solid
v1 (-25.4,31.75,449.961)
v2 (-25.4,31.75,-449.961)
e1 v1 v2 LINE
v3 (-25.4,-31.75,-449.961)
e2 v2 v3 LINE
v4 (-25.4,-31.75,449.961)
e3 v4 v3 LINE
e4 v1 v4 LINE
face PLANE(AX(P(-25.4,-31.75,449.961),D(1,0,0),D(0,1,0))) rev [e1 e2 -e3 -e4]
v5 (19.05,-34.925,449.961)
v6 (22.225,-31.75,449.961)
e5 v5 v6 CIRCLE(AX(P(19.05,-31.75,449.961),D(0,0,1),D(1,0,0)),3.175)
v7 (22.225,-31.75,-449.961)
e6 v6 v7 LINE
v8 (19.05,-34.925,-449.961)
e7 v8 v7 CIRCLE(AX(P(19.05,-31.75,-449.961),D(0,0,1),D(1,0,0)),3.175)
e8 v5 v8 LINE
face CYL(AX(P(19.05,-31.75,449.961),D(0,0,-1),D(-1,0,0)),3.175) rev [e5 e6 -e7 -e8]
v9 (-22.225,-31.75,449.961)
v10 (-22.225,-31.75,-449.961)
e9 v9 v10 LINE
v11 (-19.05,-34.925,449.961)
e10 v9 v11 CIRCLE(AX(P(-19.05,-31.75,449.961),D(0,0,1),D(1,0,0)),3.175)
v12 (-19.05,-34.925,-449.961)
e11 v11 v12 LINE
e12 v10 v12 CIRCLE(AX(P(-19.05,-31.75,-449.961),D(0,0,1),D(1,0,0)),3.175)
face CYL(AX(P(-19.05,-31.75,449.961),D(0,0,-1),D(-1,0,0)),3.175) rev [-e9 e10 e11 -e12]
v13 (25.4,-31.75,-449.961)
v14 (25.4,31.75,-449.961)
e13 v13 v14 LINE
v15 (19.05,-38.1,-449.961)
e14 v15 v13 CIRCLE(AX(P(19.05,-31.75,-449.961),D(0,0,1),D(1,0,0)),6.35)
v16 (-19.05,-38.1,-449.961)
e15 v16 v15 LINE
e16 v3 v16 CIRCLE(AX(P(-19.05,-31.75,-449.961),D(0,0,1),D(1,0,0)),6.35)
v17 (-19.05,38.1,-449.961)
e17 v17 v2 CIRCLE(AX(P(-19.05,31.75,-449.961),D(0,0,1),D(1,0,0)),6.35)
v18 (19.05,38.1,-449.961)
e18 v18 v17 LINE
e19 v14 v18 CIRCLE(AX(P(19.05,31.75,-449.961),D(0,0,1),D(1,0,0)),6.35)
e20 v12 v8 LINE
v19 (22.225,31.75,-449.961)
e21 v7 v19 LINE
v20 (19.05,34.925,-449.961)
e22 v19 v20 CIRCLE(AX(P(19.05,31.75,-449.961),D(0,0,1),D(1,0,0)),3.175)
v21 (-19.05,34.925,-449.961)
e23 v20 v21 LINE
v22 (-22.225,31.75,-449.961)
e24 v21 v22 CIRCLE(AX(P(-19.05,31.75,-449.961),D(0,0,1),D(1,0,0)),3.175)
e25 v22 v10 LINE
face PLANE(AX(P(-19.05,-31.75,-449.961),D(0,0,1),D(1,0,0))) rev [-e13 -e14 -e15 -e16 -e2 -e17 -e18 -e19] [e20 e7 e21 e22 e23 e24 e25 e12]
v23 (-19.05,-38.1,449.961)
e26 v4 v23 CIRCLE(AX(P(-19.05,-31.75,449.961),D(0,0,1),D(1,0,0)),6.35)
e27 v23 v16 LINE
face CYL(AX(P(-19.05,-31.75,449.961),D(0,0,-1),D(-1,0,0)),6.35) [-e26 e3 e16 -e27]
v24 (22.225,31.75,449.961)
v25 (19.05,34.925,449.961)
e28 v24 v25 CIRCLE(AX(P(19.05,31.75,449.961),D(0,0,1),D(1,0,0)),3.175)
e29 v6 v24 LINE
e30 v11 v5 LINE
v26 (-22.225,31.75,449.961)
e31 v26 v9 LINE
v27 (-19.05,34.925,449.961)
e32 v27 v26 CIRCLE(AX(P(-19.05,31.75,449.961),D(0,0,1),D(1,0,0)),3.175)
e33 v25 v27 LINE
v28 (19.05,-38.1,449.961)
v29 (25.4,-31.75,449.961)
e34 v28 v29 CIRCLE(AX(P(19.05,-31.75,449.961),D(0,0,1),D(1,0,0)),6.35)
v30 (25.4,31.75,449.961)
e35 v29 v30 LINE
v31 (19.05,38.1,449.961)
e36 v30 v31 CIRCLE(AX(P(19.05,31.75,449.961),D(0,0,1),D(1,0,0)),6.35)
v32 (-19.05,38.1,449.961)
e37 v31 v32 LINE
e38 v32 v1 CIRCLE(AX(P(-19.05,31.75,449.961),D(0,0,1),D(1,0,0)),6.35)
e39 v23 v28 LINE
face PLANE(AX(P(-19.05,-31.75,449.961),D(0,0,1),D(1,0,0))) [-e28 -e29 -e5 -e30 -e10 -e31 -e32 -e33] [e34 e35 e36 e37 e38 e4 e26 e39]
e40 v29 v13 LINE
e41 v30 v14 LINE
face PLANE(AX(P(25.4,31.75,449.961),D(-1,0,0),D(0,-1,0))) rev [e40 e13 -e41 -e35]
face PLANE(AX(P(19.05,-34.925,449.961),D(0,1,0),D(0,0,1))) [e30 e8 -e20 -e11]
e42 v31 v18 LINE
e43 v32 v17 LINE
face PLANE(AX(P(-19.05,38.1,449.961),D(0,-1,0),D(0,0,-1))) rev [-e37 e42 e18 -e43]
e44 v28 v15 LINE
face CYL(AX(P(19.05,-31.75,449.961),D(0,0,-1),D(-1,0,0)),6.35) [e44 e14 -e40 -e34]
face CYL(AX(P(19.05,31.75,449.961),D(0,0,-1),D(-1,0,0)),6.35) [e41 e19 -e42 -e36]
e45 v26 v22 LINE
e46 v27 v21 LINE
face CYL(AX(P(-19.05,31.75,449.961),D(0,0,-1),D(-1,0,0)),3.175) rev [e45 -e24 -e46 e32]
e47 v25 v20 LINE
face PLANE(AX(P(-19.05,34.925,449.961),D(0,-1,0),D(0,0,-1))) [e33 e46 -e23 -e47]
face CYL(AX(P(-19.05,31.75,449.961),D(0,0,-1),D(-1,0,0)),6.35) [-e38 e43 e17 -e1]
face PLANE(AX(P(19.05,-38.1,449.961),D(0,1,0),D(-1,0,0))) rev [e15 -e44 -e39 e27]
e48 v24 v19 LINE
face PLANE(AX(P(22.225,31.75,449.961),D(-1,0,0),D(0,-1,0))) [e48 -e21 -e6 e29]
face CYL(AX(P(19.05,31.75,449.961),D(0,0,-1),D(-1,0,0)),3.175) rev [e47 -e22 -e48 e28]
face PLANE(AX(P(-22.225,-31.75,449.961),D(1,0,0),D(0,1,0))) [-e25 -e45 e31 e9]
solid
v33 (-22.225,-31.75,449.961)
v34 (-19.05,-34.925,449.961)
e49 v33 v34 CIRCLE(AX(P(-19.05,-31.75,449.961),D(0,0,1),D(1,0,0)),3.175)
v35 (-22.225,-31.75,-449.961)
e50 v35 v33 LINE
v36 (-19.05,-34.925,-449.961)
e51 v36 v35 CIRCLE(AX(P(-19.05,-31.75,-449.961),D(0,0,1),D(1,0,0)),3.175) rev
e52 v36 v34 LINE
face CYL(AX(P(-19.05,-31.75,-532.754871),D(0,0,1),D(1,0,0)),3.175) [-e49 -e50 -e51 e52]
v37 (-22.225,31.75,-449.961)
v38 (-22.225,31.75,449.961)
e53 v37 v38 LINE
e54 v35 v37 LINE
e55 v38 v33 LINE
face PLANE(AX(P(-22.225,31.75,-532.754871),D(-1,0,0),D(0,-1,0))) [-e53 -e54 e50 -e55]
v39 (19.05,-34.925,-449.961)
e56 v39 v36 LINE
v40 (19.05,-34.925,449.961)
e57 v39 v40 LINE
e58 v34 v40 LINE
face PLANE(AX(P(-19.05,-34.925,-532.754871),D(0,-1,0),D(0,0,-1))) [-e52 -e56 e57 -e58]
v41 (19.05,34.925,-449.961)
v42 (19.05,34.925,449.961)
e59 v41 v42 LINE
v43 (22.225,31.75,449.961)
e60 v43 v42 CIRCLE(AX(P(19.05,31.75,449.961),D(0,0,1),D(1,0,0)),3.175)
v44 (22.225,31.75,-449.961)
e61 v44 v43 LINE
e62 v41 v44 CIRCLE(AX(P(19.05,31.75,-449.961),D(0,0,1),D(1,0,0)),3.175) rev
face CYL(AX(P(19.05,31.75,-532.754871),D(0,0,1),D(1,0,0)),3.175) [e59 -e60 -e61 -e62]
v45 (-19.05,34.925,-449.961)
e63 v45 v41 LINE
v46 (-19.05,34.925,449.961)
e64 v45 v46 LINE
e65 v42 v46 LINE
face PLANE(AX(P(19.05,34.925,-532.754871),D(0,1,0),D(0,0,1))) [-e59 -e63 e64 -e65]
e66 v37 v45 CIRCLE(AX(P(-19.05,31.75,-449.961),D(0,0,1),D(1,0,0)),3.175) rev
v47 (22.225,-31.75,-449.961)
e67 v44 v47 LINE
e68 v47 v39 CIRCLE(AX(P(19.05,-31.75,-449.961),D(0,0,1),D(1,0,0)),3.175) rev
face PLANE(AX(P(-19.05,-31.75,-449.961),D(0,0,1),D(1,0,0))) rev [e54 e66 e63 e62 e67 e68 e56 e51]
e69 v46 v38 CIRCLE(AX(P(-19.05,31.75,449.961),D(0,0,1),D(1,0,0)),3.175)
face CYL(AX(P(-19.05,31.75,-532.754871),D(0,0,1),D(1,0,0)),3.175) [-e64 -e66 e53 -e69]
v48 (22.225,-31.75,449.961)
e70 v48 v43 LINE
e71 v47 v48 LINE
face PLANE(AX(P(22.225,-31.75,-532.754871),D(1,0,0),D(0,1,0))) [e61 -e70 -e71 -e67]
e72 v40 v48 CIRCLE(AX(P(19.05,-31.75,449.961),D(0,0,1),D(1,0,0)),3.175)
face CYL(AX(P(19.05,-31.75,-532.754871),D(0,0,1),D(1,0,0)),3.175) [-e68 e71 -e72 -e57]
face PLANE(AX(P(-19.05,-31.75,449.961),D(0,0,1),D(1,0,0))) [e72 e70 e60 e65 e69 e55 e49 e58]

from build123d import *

# Parameters (mm, degrees)
BOSS_EXTRUDE2_DEPTH = 449.961
BOSS_EXTRUDE3_DEPTH = 899.922


with BuildPart() as part:
    # Sketch13 → Boss-Extrude2 (new body, symmetric)
    with BuildSketch(Plane.XY):
        with BuildLine():
            Line((19.05, -38.1), (-19.05, -38.1))
            ThreePointArc((-19.05, -38.1), (-23.540128061, -36.240128061), (-25.4, -31.75))
            Line((-25.4, -31.75), (-25.4, 31.75))
            ThreePointArc((-25.4, 31.75), (-23.540128061, 36.240128061), (-19.05, 38.1))
            Line((-19.05, 38.1), (19.05, 38.1))
            ThreePointArc((19.05, 38.1), (23.540128061, 36.240128061), (25.4, 31.75))
            Line((25.4, 31.75), (25.4, -31.75))
            ThreePointArc((25.4, -31.75), (23.540128061, -36.240128061), (19.05, -38.1))
        make_face()
        with BuildLine():
            Line((19.05, -34.925), (-19.05, -34.925))
            ThreePointArc((-19.05, -34.925), (-21.29506403, -33.99506403), (-22.225, -31.75))
            Line((-22.225, -31.75), (-22.225, 31.75))
            ThreePointArc((-22.225, 31.75), (-21.29506403, 33.99506403), (-19.05, 34.925))
            Line((-19.05, 34.925), (19.05, 34.925))
            ThreePointArc((19.05, 34.925), (21.29506403, 33.99506403), (22.225, 31.75))
            Line((22.225, 31.75), (22.225, -31.75))
            ThreePointArc((22.225, -31.75), (21.29506403, -33.99506403), (19.05, -34.925))
        make_face(mode=Mode.SUBTRACT)
    extrude(amount=BOSS_EXTRUDE2_DEPTH, both=True)


with BuildPart() as body_2:
    # Sketch14 → Boss-Extrude3 (new body)
    with BuildSketch(Plane.XY.offset(449.961)):
        with BuildLine():
            Line((-19.05, -34.925), (19.05, -34.925))
            ThreePointArc((19.05, -34.925), (21.29506403, -33.99506403), (22.225, -31.75))
            Line((22.225, -31.75), (22.225, 31.75))
            ThreePointArc((22.225, 31.75), (21.29506403, 33.99506403), (19.05, 34.925))
            Line((19.05, 34.925), (-19.05, 34.925))
            ThreePointArc((-19.05, 34.925), (-21.29506403, 33.99506403), (-22.225, 31.75))
            Line((-22.225, 31.75), (-22.225, -31.75))
            ThreePointArc((-22.225, -31.75), (-21.29506403, -33.99506403), (-19.05, -34.925))
        make_face()
    extrude(amount=-BOSS_EXTRUDE3_DEPTH)


solid = Compound([part.part, body_2.part])
